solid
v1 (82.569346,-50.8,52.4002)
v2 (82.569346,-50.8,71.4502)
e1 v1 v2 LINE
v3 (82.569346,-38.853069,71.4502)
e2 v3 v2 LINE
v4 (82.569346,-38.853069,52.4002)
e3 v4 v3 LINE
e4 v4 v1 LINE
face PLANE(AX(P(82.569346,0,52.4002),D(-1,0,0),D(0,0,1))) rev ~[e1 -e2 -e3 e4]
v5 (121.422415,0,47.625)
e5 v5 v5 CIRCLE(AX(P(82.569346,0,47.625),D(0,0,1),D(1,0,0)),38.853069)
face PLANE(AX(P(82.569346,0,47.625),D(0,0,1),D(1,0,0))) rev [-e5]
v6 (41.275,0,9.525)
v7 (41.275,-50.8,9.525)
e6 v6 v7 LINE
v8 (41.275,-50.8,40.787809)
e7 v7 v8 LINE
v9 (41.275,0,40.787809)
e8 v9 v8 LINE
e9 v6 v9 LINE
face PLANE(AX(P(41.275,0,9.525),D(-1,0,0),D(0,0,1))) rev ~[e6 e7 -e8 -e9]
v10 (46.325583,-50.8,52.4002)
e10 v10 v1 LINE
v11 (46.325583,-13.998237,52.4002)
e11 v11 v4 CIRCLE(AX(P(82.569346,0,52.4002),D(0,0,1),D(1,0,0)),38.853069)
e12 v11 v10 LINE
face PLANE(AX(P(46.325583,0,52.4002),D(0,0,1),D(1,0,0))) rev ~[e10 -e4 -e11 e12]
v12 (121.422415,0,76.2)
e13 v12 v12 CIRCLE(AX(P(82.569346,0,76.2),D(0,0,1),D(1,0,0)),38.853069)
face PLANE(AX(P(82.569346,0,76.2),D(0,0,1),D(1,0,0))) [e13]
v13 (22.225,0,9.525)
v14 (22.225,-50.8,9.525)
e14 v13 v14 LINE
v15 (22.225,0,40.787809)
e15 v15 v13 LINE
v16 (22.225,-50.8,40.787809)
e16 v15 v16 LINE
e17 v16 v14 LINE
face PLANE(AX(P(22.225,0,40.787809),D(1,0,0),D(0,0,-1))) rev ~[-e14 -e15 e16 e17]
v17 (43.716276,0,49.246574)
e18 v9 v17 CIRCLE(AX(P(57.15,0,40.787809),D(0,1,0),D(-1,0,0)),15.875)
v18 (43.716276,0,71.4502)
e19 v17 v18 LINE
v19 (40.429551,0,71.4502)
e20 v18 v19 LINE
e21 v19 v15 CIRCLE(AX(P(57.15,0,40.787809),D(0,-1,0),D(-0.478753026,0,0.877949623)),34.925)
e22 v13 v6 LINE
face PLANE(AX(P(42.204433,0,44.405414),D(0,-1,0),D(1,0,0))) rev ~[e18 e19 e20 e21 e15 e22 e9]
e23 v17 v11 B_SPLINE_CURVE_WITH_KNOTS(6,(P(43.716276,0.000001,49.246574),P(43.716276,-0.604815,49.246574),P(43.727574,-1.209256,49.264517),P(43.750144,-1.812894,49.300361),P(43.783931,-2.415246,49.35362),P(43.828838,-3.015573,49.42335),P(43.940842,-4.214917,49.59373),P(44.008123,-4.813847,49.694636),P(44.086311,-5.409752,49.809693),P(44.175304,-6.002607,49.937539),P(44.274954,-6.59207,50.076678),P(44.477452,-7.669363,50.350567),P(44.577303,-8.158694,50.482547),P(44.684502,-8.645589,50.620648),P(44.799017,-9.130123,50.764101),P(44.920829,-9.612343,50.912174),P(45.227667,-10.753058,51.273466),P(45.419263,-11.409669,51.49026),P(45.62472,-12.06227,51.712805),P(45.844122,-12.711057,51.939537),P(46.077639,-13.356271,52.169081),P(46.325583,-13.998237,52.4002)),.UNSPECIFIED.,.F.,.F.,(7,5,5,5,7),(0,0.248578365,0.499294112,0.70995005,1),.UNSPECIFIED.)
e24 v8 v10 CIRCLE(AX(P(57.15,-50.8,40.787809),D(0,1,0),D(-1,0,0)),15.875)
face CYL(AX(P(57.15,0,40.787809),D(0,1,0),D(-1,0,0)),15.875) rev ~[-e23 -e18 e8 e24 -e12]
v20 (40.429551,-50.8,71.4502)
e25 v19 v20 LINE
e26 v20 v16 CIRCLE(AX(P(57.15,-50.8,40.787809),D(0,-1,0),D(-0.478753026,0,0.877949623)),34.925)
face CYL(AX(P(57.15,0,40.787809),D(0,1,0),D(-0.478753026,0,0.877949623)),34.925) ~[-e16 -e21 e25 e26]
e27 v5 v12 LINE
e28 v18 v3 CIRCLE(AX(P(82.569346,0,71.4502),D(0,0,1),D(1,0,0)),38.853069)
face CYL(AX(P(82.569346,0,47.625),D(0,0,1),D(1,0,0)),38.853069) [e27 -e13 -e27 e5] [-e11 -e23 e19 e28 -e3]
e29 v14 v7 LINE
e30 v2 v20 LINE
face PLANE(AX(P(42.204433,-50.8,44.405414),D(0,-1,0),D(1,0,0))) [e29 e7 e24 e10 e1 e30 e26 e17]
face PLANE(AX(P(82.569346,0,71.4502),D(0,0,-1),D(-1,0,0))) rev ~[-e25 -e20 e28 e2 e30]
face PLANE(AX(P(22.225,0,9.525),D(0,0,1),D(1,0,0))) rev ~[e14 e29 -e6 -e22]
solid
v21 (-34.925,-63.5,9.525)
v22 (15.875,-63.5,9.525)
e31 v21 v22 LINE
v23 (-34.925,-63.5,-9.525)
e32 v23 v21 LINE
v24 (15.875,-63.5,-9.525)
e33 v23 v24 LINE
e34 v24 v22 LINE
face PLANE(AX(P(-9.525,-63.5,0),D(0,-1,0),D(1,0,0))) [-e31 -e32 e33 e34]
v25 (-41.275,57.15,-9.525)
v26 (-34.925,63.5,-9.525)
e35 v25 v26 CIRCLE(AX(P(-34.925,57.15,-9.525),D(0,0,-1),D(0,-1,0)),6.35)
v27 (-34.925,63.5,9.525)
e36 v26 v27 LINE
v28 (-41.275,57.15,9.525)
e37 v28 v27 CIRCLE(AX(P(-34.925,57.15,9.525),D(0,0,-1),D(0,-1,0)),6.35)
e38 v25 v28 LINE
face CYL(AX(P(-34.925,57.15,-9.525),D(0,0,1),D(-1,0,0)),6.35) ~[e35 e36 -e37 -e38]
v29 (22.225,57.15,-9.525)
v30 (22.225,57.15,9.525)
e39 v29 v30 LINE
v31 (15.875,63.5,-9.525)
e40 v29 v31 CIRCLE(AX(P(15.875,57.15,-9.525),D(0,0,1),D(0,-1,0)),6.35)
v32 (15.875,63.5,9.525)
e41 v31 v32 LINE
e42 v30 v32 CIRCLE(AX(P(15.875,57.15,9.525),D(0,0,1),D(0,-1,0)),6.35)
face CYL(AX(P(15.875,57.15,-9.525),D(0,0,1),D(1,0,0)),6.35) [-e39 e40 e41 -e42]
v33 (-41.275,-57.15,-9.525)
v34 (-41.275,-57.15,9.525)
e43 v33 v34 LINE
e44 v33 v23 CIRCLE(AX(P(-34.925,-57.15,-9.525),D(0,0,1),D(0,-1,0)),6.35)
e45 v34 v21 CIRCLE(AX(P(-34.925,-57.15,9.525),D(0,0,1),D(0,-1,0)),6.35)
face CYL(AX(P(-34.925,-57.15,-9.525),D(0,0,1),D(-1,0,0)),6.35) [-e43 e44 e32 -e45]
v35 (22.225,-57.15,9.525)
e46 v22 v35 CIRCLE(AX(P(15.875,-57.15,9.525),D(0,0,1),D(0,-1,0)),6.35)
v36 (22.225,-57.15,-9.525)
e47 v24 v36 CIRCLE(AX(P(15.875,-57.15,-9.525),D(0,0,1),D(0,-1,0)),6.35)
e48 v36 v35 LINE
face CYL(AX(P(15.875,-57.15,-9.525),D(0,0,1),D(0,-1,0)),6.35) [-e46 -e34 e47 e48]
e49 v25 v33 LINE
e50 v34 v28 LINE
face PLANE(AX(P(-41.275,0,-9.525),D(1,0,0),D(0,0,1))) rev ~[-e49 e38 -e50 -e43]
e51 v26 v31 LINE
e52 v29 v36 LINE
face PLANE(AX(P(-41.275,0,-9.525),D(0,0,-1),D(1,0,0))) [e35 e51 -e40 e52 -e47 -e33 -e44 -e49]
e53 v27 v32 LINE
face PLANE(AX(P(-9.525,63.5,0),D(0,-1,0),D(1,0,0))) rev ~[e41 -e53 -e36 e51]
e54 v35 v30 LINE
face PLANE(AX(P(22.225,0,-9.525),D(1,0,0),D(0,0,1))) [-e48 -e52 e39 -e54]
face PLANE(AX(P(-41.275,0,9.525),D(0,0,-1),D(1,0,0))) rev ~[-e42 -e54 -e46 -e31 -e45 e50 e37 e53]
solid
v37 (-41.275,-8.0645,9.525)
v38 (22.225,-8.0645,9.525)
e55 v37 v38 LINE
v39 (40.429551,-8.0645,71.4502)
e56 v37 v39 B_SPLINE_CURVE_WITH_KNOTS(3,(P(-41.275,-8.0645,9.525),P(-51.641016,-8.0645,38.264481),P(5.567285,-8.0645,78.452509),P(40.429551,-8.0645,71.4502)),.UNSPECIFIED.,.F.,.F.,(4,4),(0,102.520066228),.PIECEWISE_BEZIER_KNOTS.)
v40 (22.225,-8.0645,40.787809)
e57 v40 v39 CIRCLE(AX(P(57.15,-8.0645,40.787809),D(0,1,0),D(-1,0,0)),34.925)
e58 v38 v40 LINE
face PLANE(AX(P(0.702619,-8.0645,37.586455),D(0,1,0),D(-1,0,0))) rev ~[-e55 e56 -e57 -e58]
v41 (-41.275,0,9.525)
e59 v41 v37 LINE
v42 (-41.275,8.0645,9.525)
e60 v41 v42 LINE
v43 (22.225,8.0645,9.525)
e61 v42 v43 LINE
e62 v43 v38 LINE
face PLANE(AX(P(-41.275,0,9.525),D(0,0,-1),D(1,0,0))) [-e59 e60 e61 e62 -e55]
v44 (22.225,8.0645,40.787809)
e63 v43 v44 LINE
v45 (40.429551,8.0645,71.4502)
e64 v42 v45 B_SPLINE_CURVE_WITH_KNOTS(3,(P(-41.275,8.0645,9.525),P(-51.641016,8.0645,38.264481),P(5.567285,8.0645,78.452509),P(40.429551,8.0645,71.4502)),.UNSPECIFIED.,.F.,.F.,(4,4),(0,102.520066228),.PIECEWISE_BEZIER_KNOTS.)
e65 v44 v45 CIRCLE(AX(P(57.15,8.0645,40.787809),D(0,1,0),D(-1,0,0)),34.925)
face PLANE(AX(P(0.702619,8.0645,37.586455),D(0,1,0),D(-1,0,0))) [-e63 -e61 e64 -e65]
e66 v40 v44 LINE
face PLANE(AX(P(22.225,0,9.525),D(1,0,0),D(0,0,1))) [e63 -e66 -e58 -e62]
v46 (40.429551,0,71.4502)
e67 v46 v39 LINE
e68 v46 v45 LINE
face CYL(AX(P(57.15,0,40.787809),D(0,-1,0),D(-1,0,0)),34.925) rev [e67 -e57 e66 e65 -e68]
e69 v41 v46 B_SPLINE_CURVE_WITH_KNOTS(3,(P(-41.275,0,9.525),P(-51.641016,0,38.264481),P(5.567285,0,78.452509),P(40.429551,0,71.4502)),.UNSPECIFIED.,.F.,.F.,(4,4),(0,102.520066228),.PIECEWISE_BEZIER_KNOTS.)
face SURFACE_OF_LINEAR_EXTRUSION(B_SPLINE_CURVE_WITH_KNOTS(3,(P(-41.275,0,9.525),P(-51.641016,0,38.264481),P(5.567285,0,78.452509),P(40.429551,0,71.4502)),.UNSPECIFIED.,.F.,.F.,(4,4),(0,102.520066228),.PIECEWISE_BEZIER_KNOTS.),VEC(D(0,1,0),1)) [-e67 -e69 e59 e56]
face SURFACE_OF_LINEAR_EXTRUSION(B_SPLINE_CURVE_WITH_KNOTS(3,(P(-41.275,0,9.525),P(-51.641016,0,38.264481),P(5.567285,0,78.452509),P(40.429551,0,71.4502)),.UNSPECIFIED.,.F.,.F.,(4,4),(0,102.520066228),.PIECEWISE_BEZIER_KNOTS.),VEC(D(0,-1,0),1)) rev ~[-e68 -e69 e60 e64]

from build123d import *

# Parameters (mm, degrees)
F0_W     = 63.5
F0_H     = 19.05
F1_DEPTH = 63.5
F0_W_2   = 11.946930586
F2_DEPTH = 50.8
F3_DEPTH = 8.0645
F5_R     = 6.35


with BuildPart() as f1:
    # F0 (on Front) → F1 (new body, symmetric)
    with BuildSketch(Plane.XZ):
        with Locations((-9.525, 0)):
            Rectangle(F0_W, F0_H)
    extrude(amount=F1_DEPTH, both=True)

    # F5
    f5_edges = [f1.edges().sort_by_distance(p)[0] for p in [
        (22.225, -63.5, 0),
        (-41.275, -63.5, 0),
        (-41.275, 63.5, 0),
        (22.225, 63.5, 0),
    ]]
    fillet(f5_edges, radius=F5_R)


with BuildPart() as f2:
    # F0 (on Front) → F2 (new body)
    with BuildSketch(Plane.XZ):
        with BuildLine():
            Line((22.225, 40.787809422), (22.225, 9.525))
            Line((22.225, 9.525), (41.275, 9.525))
            Line((41.275, 9.525), (41.275, 40.787809422))
            ThreePointArc((41.275, 40.787809422), (42.5923001513, 47.1193969098), (46.3255826917, 52.4002))
            Line((46.3255826917, 52.4002), (70.6224152459, 52.4002))
            Line((70.6224152459, 52.4002), (70.6224152459, 71.4502))
            Line((70.6224152459, 71.4502), (40.4295505729, 71.4502))
            ThreePointArc((40.4295505729, 71.4502), (27.1190383001, 58.6174747128), (22.225, 40.787809422))
        make_face()
        with Locations((76.5958805389, 61.9252)):
            Rectangle(F0_W_2, F0_H)
    extrude(amount=F2_DEPTH)

    # F0 (on Front) → F4 (revolve)
    with BuildSketch(Plane.XZ):
        Polygon((82.5693458319, 76.2), (82.5693458319, 71.4502), (82.5693458319, 52.4002), (82.5693458319, 47.625), (121.4224152459, 47.625), (121.4224152459, 76.2), align=None)
    revolve(axis=Axis((82.5693458319, 0, 61.9125), (0, 0, 1)))


with BuildPart() as f3:
    # F0 (on Front) → F3 (new body, symmetric)
    with BuildSketch(Plane.XZ):
        with BuildLine():
            add(Edge.make_bspline(
                [(-41.275, 9.525), (-51.6410161004, 38.2644806741), (5.5672849006, 78.4525085923), (40.4295505729, 71.4502)],
                knots=[0, 0, 0, 0, 102.5200662278, 102.5200662278, 102.5200662278, 102.5200662278], degree=3))
            Line((-41.275, 9.525), (22.225, 9.525))
            Line((22.225, 9.525), (22.225, 40.787809422))
            ThreePointArc((22.225, 40.787809422), (27.1190383001, 58.6174747128), (40.4295505729, 71.4502))
        make_face()
    extrude(amount=F3_DEPTH, both=True)


solid = Compound([f1.part, f2.part, f3.part])
